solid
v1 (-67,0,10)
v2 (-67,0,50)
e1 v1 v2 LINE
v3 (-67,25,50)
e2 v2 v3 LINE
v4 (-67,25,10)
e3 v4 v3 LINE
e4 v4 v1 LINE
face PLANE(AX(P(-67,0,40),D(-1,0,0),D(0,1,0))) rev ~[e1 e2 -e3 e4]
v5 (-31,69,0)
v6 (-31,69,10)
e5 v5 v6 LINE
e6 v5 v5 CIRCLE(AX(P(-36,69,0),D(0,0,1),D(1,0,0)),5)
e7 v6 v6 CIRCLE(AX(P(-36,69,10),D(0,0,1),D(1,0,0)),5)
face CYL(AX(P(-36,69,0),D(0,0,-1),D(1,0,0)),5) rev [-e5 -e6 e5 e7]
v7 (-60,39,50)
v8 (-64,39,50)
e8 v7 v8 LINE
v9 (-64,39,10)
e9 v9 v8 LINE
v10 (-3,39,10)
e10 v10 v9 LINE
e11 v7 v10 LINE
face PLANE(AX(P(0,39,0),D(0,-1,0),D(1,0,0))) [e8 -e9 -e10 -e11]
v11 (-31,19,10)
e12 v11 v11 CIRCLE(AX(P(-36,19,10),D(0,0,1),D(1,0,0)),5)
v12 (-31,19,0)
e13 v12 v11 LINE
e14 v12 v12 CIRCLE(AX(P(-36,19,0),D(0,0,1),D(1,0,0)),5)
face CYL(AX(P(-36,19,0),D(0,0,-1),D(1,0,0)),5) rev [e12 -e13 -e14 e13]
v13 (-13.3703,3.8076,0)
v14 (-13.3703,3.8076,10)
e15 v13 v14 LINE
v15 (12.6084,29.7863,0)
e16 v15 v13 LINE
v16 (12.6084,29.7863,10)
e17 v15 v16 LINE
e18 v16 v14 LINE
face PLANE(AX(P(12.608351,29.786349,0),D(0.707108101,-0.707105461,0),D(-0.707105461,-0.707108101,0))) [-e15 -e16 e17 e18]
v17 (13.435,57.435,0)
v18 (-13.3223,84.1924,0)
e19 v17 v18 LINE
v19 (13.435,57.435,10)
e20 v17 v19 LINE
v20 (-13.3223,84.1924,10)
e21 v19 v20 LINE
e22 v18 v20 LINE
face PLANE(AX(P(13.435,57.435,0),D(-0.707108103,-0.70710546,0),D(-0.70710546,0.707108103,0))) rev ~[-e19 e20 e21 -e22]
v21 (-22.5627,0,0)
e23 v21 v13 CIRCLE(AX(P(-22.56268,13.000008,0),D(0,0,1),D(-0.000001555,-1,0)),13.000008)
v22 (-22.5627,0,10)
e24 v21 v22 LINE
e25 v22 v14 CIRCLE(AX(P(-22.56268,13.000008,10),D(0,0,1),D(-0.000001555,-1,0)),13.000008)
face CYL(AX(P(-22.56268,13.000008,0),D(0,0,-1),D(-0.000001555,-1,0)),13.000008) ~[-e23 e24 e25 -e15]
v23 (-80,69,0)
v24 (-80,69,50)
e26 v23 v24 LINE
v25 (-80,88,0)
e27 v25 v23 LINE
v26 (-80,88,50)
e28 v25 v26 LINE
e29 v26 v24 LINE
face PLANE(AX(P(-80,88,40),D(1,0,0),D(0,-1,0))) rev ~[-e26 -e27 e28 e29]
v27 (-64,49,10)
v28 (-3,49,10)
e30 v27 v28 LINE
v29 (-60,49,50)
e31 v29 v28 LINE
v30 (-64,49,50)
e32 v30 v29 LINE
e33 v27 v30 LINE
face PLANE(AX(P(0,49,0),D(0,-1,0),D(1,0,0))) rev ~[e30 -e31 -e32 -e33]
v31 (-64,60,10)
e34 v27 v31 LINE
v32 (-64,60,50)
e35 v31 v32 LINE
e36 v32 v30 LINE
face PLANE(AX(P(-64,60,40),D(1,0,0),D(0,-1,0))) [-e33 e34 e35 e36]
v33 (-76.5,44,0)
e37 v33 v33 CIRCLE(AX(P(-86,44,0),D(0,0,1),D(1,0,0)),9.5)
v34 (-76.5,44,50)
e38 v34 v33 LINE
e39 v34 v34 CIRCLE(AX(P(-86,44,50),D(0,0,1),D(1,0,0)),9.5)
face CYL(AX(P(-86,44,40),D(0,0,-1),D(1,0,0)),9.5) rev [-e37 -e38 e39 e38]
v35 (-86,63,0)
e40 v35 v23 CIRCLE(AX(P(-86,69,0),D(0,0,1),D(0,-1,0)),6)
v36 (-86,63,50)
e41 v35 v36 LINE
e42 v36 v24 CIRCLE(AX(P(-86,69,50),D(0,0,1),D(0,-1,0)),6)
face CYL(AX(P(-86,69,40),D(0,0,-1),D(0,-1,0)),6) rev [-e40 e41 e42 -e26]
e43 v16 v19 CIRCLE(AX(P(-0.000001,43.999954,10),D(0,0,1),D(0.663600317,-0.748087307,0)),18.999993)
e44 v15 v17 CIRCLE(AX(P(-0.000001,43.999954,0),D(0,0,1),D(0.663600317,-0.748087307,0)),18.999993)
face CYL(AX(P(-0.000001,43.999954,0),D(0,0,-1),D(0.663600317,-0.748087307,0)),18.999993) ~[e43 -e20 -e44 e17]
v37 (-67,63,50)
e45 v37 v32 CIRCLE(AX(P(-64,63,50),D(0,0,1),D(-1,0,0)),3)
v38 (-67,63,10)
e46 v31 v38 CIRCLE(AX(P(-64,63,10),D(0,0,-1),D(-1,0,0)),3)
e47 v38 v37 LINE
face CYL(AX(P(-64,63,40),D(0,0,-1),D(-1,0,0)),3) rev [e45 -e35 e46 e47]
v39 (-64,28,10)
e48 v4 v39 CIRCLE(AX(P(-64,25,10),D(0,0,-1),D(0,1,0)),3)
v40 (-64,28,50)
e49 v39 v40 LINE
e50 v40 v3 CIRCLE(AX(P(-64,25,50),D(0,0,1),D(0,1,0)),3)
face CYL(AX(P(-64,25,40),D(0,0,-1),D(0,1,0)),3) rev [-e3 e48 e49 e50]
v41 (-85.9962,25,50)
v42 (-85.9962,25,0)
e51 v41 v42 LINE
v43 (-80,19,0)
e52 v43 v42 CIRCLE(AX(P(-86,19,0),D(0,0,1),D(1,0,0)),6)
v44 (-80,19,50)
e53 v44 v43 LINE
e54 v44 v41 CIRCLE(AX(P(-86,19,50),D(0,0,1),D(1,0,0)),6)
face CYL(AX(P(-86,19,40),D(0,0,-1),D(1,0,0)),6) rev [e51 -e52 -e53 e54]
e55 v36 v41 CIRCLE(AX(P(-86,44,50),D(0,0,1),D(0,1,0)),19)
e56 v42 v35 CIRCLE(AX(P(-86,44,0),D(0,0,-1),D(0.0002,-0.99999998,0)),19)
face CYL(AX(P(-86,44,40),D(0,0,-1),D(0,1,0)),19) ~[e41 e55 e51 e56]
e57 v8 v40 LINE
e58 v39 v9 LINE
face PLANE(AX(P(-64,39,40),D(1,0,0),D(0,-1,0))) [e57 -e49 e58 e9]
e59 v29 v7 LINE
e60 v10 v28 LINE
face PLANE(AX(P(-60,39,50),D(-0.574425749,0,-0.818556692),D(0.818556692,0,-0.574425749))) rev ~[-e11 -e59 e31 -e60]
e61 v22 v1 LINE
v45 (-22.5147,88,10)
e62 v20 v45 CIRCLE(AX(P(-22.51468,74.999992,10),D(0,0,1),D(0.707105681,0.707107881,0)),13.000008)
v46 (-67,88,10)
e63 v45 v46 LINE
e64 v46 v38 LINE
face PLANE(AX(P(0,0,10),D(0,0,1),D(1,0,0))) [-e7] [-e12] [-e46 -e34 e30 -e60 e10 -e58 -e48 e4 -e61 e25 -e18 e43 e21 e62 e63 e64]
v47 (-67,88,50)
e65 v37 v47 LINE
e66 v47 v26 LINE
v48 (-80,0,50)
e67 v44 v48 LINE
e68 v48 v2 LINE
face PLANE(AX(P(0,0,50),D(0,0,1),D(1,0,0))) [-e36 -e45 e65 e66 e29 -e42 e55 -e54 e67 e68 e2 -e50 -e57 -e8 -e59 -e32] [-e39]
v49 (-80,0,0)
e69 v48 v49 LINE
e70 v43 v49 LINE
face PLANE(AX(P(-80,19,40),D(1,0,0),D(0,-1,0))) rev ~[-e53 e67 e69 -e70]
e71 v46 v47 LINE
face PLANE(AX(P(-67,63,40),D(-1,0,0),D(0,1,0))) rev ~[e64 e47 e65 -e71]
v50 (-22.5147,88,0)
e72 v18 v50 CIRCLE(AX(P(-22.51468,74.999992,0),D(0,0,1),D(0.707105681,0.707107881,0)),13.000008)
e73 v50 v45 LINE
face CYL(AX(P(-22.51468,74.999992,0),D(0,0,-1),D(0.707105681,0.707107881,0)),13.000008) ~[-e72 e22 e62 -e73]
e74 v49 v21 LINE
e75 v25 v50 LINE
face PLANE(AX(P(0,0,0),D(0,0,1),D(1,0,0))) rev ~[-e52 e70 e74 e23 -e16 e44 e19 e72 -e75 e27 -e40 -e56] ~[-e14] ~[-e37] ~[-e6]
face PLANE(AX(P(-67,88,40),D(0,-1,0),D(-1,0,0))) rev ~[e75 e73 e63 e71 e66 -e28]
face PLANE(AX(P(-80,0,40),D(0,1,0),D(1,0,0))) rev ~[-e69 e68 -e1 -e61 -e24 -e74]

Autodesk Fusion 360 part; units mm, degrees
sketch "bottom" plane through (0, 0, 0) normal (0, 0, 1) x (1, 0, 0)
  line L0 (-22.5627, 0) -> (-67, 0)
  line L1 (-67, 88) -> (-22.5147, 88)
  circle A0 centre (-36, 69) radius 5
  circle A1 centre (-36, 19) radius 5
  line L2 (13.411, 30.589) -> (-13.3703, 3.8076)
  line L3 (13.435, 57.435) -> (-13.3223, 84.1924)
  line L4 (-67, 88) -> (-80, 88)
  line L5 (-80, 0) -> (-67, 0)
  arc A2 (-13.3223, 84.1924) -> (-22.5147, 88) centre (-22.5147, 75) ccw
  arc A3 (12.6084, 29.7863) -> (13.435, 57.435) centre (0, 44) ccw
  arc A4 (-22.5627, 0) -> (-13.3703, 3.8076) centre (-22.5627, 13) ccw
  line L6 (-64, 49) -> (-60, 49)
  line L7 (-60, 49) -> (-60, 39)
  line L8 (-60, 39) -> (-64, 39)
  circle A5 centre (-86, 44) radius 9.5
  line L9 (-64, 60) -> (-64, 49)
  line L10 (-64, 39) -> (-64, 28)
  arc A6 (-86, 63) -> (-85.9962, 25) centre (-86, 44) ccw
  line L11 (-67, 0) -> (-67, 25)
  line L12 (-67, 63) -> (-67, 88)
  line L13 (-67, 0) -> (-67, 25)
  line L14 (-67, 63) -> (-67, 88)
  arc A7 (-64, 28) -> (-67, 25) centre (-64, 25) ccw
  arc A8 (-67, 63) -> (-64, 60) centre (-64, 63) ccw
  line L15 (-85.9962, 25) -> (-86.0038, 25) construction
  arc A9 (-80, 19) -> (-86, 25) centre (-86, 19) ccw
  line L16 (-80, 19) -> (-80, 0)
  line L17 (-80, 88) -> (-80, 69)
  arc A10 (-86, 63) -> (-80, 69) centre (-86, 69) ccw
  dimension "d1" = 67
  dimension "d3" = 19
  dimension "d4" = 19
  dimension "d5" = 10
  dimension "d6" = 10
  dimension "d15" = 45
  dimension "d16" = 13
  dimension "d17" = 13
  dimension "d18" = 13
  dimension "d20" = 3
  dimension "d21" = 38
  dimension "d23" = 4
  dimension "d24" = 10
  dimension "d25" = 39
  dimension "d26" = 6
  dimension "d27" = 6
  dimension "d30" = 19
  dimension "d31" = 38
  dimension "d38" = 6
  dimension "d39" = 6
extrude "Extrude1" add sketch "bottom" along normal blind 10
extrude "Extrude2" cut sketch "bottom" along normal blind 40 contours L4 L5 L6 L7 L8 L9 L10 A6 L11 L12 L13 L14 A7 A8 A9 L16 L17 A10
extrude "Extrude3" add sketch "bottom" along normal blind 40 contours L4 L5 L6 L7 L8 L9 L10 A6 L11 L12 L13 L14 A7 A8 A9 L16 L17 A10
extrude "Extrude4" add 1 faces at (-71.3333, 73.3333, 40) along direction (0, 0, 1) blind 10
sketch "triangle" plane through (0, 0, 0) normal (0, -1, 0) x (1, 0, 0)
  line L0 (-80, 0) -> (-22.5627, 0)
  line L1 (-22.5627, 0) -> (-22.5627, 10)
  line L2 (-22.5627, 10) -> (-67, 10)
  line L3 (-67, 10) -> (-67, 50)
  line L4 (-67, 50) -> (-80, 50)
  line L5 (-80, 50) -> (-80, 0)
  line L6 (-60, 10) -> (-3, 10)
  line L7 (-60, 10) -> (-60, 50)
  line L8 (-60, 50) -> (-3, 10)
  dimension "d42" = 57
extrude "Extrude5" add sketch "triangle" along normal blind -49 and the other way blind 39 contours L2 L6 L7 L8
